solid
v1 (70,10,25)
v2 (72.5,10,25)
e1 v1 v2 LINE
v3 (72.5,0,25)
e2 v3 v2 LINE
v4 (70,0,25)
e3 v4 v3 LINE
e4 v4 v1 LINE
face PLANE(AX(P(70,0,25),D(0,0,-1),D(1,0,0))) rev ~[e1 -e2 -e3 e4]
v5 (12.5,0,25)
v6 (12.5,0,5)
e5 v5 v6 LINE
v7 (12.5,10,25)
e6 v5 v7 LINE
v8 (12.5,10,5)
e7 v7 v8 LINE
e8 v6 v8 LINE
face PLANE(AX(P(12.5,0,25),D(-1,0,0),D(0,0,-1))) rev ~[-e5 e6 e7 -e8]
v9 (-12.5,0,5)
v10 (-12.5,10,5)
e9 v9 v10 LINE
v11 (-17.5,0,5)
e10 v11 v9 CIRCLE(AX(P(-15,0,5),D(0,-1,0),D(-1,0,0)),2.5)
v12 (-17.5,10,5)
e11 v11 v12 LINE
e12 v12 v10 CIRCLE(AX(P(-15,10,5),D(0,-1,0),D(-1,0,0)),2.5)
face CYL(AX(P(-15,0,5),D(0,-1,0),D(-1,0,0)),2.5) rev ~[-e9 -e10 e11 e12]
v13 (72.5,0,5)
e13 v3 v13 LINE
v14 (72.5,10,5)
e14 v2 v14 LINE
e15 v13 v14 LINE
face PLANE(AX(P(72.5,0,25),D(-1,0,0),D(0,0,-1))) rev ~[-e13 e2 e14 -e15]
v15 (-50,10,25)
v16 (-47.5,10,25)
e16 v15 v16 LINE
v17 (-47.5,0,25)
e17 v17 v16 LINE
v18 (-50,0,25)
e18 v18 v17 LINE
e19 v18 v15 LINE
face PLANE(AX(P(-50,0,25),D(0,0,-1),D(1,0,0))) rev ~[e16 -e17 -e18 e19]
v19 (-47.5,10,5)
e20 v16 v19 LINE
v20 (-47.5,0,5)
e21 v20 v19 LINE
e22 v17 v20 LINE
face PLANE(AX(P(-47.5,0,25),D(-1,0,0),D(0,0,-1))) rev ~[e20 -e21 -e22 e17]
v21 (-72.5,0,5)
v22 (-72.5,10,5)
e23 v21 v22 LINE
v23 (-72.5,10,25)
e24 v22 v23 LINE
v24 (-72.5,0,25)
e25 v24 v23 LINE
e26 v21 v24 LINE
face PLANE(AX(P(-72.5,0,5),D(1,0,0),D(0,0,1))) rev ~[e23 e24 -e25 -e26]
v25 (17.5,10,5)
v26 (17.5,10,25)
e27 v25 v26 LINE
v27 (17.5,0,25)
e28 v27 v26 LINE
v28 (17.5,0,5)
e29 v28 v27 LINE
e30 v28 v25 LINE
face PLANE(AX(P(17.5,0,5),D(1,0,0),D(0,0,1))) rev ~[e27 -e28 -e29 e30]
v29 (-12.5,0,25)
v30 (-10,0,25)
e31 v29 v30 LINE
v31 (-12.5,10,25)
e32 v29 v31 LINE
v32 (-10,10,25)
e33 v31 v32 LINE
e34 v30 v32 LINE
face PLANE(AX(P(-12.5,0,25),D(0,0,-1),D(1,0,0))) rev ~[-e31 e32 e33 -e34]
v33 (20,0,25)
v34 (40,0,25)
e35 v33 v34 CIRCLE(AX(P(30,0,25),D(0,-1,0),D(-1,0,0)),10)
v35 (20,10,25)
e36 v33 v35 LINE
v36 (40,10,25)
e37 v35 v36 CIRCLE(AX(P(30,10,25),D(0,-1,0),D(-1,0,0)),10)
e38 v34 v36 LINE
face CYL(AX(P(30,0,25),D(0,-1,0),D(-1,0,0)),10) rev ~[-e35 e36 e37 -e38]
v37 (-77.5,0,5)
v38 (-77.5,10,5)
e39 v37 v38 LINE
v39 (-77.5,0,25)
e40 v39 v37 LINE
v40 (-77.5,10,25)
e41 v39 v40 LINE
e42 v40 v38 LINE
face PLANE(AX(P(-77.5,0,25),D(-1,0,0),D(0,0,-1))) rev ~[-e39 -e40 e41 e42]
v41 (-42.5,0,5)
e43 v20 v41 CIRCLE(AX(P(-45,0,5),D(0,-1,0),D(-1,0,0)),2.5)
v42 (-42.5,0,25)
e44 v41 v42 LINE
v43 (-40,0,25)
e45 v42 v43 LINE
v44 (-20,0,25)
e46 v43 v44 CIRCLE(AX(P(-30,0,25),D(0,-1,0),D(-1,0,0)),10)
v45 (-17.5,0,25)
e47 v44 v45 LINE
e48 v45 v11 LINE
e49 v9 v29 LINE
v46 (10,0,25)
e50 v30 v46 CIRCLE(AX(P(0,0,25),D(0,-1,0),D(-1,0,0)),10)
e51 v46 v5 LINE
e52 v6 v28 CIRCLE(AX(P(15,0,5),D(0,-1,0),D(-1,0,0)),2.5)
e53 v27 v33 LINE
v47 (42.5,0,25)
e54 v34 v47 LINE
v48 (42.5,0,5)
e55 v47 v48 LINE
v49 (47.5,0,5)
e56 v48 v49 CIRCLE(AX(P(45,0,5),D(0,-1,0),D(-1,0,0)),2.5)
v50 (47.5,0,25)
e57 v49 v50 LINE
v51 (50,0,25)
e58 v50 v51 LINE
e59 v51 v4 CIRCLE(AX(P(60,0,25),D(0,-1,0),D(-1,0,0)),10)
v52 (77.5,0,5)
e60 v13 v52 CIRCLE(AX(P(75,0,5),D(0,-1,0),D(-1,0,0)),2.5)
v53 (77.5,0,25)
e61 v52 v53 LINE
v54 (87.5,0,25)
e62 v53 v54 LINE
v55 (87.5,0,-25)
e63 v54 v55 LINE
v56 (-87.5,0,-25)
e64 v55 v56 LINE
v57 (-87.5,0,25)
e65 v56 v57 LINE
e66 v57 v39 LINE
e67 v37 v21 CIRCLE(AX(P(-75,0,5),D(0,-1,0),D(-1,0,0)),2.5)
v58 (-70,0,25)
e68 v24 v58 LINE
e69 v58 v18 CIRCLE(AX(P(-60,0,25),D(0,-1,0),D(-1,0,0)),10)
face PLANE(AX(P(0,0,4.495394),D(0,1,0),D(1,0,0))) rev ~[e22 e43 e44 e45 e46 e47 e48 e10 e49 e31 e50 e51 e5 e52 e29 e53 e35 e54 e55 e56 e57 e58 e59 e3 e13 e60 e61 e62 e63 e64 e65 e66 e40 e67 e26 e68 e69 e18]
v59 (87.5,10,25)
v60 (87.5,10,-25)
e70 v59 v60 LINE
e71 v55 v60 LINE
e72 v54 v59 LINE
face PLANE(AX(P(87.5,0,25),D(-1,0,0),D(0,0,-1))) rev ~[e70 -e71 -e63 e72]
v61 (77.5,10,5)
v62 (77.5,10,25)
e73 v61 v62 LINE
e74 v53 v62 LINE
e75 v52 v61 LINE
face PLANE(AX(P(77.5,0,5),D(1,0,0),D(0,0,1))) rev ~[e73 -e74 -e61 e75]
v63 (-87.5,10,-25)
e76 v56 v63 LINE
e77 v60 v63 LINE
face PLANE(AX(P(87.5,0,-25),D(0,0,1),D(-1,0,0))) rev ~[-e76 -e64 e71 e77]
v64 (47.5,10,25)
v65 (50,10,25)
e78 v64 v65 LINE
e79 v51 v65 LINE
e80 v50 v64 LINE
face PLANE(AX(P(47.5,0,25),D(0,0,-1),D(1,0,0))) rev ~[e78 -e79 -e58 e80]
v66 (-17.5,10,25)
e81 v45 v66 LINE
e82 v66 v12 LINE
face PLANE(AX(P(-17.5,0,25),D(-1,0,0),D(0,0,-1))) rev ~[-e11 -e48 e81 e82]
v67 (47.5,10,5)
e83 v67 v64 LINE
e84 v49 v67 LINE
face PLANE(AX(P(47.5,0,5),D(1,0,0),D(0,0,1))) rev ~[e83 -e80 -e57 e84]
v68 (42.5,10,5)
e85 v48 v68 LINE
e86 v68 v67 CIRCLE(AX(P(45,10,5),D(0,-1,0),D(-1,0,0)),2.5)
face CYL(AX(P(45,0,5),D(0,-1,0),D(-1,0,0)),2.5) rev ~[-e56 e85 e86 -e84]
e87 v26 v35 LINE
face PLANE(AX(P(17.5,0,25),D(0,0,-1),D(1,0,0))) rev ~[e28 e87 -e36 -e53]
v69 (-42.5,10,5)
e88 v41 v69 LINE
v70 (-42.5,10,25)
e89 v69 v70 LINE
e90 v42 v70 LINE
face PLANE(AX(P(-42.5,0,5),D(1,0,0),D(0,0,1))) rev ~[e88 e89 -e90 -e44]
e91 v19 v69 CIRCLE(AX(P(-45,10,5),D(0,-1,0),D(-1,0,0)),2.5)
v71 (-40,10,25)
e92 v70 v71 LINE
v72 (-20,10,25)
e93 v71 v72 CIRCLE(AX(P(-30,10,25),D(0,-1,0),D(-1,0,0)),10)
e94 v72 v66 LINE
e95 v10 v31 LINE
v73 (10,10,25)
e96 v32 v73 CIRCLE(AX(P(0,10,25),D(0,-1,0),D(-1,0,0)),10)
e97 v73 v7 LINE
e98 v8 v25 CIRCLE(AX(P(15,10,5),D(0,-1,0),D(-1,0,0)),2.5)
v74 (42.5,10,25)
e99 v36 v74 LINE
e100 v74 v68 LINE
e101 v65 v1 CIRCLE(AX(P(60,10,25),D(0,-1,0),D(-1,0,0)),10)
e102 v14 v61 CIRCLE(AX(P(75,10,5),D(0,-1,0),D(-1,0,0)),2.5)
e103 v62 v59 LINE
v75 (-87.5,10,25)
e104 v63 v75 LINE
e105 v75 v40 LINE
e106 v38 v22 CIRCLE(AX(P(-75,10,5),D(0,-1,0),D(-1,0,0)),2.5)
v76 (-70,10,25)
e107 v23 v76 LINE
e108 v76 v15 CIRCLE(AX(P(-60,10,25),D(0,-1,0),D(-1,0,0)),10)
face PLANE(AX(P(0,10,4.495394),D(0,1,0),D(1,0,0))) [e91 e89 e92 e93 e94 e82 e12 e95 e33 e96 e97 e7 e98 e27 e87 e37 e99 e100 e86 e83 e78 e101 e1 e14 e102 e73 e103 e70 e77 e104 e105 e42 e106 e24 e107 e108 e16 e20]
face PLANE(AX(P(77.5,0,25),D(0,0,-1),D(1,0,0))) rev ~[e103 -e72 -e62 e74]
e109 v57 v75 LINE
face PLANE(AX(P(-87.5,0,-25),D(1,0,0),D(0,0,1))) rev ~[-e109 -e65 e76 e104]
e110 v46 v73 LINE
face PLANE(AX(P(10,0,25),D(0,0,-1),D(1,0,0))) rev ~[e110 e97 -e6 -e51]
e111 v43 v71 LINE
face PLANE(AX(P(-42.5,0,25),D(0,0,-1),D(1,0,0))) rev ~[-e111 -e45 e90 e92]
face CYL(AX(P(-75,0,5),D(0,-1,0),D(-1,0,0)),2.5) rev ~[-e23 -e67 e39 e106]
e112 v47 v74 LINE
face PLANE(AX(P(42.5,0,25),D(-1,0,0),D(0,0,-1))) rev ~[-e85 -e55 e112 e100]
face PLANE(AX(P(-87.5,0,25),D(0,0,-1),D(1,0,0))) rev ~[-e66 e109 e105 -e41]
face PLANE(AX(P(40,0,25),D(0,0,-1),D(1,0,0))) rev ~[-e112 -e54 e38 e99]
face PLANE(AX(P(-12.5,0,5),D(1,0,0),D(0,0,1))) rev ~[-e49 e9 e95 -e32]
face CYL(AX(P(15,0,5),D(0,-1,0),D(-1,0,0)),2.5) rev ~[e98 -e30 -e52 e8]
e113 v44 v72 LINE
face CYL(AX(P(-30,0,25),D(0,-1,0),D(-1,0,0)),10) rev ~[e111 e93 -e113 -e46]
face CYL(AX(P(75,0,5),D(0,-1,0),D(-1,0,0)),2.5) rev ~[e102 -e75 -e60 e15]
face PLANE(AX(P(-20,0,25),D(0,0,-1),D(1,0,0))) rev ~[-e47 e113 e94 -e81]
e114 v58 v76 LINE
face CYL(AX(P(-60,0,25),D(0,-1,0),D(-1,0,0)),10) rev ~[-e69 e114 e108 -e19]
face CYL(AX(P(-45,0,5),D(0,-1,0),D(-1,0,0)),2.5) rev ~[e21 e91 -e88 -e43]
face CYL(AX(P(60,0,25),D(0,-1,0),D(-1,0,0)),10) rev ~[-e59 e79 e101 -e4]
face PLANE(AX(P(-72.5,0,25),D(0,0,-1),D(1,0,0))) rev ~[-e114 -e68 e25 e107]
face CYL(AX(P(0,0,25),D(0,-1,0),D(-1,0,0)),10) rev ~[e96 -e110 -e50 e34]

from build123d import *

# Parameters (mm, degrees)
BOSS_EXTRUDE1_DEPTH = 10


with BuildPart() as part:
    # Sketch2 → Boss-Extrude1 (new body)
    with BuildSketch(Plane(origin=(0, 0, 0), x_dir=(1, 0, 0), z_dir=(0, 1, 0))):
        with BuildLine():
            Line((-77.5, -25), (-77.5, -5))
            ThreePointArc((-77.5, -5), (-75, -2.5), (-72.5, -5))
            Line((-72.5, -5), (-72.5, -25))
            Line((-72.5, -25), (-70, -25))
            ThreePointArc((-70, -25), (-60, -15), (-50, -25))
            Line((-50, -25), (-47.5, -25))
            Line((-47.5, -25), (-47.5, -5))
            ThreePointArc((-47.5, -5), (-45, -2.5), (-42.5, -5))
            Line((-42.5, -5), (-42.5, -25))
            Line((-42.5, -25), (-40, -25))
            ThreePointArc((-40, -25), (-30, -15), (-20, -25))
            Line((-20, -25), (-17.5, -25))
            Line((-17.5, -25), (-17.5, -5))
            ThreePointArc((-17.5, -5), (-15, -2.5), (-12.5, -5))
            Line((-12.5, -5), (-12.5, -25))
            Line((-12.5, -25), (-10, -25))
            ThreePointArc((-10, -25), (0, -15), (10, -25))
            Line((10, -25), (12.5, -25))
            Line((12.5, -25), (12.5, -5))
            ThreePointArc((12.5, -5), (15, -2.5), (17.5, -5))
            Line((17.5, -5), (17.5, -25))
            Line((17.5, -25), (20, -25))
            ThreePointArc((20, -25), (30, -15), (40, -25))
            Line((40, -25), (42.5, -25))
            Line((42.5, -25), (42.5, -5))
            ThreePointArc((42.5, -5), (45, -2.5), (47.5, -5))
            Line((47.5, -5), (47.5, -25))
            Line((47.5, -25), (50, -25))
            ThreePointArc((50, -25), (60, -15), (70, -25))
            Line((70, -25), (72.5, -25))
            Line((72.5, -25), (72.5, -5))
            ThreePointArc((72.5, -5), (75, -2.5), (77.5, -5))
            Line((77.5, -5), (77.5, -25))
            Line((77.5, -25), (87.5, -25))
            Line((87.5, -25), (87.5, 25))
            Line((87.5, 25), (-87.5, 25))
            Line((-87.5, 25), (-87.5, -25))
            Line((-87.5, -25), (-77.5, -25))
        make_face()
    extrude(amount=BOSS_EXTRUDE1_DEPTH)


solid = part.part
